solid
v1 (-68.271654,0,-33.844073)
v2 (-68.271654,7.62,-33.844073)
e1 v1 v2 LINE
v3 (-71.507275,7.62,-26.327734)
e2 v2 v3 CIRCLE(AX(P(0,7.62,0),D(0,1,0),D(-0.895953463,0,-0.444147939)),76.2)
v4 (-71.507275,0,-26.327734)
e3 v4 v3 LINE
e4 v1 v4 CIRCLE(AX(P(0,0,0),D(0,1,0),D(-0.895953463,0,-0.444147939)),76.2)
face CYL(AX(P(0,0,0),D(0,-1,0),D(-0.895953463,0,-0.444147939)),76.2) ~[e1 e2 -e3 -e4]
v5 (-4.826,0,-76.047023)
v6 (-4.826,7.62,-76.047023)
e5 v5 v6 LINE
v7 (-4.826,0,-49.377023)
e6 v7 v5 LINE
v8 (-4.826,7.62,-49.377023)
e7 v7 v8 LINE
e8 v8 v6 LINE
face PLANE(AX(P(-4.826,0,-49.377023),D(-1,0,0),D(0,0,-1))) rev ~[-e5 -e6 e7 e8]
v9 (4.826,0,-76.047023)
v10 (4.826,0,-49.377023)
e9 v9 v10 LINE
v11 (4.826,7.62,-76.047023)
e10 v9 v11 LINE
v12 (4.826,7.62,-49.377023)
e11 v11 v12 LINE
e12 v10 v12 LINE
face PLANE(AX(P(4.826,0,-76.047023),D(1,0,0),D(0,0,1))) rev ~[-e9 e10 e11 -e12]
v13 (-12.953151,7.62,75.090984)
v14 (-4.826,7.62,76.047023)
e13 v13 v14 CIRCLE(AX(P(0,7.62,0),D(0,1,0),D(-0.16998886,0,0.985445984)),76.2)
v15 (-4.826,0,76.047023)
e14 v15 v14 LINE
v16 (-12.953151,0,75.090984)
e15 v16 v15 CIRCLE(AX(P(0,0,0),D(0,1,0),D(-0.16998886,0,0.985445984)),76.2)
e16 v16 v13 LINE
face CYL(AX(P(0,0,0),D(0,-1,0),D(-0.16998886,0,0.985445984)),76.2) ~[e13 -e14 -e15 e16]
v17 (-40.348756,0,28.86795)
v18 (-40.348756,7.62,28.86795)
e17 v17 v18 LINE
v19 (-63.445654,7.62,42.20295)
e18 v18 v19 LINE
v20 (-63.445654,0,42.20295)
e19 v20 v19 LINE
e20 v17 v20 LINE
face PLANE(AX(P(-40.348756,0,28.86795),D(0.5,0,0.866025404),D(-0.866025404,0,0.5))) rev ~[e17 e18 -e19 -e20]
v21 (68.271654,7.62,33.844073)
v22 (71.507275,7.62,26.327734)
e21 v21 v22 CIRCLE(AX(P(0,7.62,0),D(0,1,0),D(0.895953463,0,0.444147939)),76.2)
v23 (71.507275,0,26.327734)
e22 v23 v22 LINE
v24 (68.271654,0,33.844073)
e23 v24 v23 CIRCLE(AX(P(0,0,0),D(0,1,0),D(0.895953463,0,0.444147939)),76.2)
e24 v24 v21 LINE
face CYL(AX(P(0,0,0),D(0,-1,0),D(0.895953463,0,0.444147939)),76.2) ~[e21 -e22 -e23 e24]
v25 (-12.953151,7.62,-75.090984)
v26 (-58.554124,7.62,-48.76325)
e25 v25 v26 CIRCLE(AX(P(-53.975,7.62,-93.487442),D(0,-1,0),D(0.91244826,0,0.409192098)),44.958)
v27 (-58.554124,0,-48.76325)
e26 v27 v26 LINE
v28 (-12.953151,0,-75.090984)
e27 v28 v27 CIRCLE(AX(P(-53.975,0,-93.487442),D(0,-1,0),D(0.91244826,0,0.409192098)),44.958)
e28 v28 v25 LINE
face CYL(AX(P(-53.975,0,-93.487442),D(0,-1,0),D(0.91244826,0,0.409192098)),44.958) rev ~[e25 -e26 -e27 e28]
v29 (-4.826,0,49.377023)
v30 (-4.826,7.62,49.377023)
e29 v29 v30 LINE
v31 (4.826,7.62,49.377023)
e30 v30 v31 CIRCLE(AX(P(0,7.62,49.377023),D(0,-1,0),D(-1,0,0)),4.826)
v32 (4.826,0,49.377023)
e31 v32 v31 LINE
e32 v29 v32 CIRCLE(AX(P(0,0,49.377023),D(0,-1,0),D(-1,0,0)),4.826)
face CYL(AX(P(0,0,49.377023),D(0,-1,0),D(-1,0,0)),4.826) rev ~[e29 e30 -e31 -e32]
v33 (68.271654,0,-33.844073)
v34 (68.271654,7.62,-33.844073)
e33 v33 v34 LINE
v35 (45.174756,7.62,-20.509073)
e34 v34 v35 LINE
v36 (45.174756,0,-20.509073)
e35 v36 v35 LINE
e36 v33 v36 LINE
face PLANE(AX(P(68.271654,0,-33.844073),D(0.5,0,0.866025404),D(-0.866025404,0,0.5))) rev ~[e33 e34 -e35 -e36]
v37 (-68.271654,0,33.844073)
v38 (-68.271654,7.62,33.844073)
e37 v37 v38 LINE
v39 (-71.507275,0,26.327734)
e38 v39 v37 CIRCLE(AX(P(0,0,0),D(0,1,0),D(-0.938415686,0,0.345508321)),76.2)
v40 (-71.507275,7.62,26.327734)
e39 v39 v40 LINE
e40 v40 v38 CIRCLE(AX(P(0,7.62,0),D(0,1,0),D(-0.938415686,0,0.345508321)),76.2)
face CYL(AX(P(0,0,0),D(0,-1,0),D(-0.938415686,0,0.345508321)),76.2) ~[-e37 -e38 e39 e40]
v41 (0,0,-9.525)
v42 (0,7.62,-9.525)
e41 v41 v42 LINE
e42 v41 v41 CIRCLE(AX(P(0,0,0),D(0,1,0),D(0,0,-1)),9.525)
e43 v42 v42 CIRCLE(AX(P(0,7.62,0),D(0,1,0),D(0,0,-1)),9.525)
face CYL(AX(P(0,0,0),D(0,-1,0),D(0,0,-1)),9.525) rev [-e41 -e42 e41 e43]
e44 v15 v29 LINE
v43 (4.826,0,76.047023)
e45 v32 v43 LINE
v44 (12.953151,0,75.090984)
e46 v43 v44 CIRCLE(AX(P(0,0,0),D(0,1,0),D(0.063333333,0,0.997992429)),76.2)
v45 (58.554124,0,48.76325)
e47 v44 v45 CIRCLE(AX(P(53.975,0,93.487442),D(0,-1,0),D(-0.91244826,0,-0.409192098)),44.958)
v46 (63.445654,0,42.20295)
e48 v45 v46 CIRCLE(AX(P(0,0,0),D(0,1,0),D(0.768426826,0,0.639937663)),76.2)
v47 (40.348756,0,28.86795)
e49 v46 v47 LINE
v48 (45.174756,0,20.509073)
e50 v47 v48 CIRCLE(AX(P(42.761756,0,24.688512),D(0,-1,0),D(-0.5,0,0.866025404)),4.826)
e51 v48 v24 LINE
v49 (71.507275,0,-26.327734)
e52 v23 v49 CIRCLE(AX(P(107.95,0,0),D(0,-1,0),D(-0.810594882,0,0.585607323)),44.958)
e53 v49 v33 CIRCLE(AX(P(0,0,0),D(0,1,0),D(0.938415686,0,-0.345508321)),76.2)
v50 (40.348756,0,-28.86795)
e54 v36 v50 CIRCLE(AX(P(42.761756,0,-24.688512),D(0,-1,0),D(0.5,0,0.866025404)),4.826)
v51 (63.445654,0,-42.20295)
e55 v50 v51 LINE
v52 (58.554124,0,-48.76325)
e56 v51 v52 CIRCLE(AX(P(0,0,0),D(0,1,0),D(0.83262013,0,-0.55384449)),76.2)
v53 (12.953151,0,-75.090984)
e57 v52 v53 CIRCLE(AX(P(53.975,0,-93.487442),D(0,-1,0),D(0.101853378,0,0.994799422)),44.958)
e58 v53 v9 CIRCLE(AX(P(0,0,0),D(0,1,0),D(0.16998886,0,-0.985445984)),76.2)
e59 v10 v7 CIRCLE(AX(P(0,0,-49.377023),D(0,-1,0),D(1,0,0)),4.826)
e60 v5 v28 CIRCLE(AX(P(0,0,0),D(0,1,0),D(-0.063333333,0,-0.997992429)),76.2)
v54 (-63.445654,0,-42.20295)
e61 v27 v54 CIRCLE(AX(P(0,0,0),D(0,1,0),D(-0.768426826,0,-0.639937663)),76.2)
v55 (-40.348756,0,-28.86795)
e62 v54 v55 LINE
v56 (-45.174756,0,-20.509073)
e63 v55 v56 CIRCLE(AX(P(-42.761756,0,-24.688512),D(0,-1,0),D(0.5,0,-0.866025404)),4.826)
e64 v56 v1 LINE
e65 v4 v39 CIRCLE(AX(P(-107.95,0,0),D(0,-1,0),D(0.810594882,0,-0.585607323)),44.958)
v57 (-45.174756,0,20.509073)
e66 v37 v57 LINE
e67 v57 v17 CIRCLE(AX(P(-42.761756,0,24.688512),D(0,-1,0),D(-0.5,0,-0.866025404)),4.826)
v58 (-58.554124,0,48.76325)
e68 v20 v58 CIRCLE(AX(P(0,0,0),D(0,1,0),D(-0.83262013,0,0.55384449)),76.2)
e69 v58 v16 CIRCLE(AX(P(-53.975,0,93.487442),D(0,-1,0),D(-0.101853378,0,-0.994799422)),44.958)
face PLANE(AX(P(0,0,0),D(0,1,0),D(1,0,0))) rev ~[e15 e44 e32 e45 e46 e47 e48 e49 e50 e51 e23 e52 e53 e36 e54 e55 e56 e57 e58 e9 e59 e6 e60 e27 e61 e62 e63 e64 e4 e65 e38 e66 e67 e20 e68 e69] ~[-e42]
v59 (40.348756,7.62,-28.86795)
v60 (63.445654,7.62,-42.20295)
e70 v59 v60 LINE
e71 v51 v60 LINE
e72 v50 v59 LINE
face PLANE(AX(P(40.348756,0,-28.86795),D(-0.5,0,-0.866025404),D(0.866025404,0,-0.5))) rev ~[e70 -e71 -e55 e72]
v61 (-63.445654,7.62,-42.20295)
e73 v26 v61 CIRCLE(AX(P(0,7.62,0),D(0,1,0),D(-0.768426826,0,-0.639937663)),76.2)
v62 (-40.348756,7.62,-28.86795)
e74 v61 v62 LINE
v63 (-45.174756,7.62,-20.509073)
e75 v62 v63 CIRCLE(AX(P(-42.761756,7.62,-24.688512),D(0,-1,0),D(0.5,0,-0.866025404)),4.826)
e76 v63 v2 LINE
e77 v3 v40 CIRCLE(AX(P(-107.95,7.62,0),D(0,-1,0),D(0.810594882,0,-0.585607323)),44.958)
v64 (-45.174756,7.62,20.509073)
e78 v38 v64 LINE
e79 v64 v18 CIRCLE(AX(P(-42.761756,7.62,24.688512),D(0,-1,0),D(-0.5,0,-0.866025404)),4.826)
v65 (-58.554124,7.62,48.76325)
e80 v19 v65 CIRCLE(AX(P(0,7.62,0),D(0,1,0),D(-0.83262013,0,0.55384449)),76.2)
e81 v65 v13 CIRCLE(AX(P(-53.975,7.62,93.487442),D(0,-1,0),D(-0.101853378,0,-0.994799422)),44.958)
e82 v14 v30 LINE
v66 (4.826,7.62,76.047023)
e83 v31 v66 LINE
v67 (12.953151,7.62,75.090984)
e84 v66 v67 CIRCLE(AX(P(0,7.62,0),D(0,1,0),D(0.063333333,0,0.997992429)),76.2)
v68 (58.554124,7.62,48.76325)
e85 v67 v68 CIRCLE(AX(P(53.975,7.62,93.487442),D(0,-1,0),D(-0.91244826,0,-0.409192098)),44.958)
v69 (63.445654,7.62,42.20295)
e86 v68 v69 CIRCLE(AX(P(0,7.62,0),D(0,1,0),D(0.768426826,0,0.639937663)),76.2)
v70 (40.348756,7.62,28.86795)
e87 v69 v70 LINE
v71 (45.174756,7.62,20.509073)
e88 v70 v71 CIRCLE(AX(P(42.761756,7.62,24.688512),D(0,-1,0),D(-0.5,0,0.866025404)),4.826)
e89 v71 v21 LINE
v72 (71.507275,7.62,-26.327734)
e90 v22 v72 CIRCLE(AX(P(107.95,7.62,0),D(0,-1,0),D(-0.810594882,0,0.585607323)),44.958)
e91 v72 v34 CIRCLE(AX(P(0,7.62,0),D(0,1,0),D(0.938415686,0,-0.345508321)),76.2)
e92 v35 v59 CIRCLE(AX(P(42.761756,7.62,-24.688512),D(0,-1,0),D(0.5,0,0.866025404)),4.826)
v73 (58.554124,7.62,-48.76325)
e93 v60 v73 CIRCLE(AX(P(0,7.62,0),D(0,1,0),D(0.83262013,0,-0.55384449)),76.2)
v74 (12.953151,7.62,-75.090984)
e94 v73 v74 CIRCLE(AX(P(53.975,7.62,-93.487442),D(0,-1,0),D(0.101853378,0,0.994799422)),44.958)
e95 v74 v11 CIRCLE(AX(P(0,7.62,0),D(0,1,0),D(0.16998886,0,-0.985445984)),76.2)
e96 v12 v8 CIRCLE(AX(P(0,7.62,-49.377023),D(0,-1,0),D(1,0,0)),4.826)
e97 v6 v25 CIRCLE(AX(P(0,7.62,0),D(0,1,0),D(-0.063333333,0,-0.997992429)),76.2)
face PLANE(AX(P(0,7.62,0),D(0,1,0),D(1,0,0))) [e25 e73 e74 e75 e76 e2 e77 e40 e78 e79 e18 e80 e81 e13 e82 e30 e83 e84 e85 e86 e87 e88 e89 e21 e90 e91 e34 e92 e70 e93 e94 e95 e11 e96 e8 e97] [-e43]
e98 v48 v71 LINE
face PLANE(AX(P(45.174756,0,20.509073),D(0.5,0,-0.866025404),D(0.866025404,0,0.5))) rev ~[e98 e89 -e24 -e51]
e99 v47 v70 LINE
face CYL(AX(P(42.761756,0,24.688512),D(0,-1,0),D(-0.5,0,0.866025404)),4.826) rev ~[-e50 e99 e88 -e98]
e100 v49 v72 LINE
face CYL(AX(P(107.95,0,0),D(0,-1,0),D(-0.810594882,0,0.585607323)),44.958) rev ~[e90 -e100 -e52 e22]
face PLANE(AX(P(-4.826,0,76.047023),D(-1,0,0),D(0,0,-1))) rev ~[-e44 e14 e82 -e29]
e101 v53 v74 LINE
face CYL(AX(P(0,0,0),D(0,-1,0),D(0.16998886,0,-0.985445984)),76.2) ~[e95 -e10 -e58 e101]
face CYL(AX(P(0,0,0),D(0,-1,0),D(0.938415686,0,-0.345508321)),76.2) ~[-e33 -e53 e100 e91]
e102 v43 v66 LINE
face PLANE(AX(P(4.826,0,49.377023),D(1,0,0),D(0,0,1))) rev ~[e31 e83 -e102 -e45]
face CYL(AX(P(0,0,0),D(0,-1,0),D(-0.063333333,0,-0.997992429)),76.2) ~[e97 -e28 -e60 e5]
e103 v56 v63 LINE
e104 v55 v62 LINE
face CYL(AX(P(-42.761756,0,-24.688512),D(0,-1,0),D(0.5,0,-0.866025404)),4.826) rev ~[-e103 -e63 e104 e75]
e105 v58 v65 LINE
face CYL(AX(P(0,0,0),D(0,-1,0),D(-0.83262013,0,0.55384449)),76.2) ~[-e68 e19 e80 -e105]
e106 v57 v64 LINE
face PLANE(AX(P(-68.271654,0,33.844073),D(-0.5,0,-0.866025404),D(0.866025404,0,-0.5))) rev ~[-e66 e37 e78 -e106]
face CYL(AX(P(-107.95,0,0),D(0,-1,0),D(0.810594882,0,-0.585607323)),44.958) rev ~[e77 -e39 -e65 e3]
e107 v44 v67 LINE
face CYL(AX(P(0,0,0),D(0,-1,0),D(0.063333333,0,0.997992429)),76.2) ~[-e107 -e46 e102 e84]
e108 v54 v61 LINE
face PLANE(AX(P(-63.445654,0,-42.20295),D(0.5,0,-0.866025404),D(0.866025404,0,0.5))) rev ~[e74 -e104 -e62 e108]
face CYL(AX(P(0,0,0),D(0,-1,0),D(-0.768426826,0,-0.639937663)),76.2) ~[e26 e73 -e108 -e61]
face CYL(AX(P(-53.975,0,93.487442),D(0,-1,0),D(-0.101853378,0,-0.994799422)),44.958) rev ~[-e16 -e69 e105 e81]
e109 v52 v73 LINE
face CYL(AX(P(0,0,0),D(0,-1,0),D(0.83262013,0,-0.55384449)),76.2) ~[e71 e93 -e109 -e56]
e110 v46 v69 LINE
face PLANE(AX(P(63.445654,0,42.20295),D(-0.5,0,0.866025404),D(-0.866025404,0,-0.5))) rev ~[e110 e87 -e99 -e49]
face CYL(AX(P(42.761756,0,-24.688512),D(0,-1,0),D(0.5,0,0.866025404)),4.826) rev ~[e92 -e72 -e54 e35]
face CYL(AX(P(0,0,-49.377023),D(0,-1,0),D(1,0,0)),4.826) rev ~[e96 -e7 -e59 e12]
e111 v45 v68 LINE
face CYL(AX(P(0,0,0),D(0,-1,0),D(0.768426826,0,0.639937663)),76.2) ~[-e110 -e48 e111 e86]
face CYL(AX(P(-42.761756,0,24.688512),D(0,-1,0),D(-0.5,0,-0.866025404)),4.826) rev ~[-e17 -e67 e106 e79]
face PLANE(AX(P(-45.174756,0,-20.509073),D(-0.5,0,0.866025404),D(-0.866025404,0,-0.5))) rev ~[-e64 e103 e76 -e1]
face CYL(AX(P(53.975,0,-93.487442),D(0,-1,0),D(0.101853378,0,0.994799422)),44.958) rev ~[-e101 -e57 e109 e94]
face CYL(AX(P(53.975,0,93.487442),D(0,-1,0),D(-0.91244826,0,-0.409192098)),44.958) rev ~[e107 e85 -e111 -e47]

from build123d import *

# Parameters (mm, degrees)
SKETCH1_R           = 9.525
BOSS_EXTRUDE1_DEPTH = 7.62


with BuildPart() as part:
    # Sketch1 → Boss-Extrude1 (new body)
    with BuildSketch(Plane(origin=(0, 0, 0), x_dir=(1, 0, 0), z_dir=(0, 1, 0))):
        with BuildLine():
            Line((-4.826, 49.377023111), (-4.826, 76.047023111))
            ThreePointArc((-4.826, 76.047023111), (-8.902418576, 75.678180102), (-12.953151139, 75.090983983))
            ThreePointArc((-12.953151139, 75.090983983), (-31.496, 54.552672235), (-58.554124155, 48.763249937))
            ThreePointArc((-58.554124155, 48.763249937), (-61.088017192, 45.548810693), (-63.445653896, 42.202950154))
            Line((-63.445653896, 42.202950154), (-40.348756377, 28.867950154))
            ThreePointArc((-40.348756377, 28.867950154), (-38.582317778, 22.275511555), (-45.174756377, 20.509072957))
            Line((-45.174756377, 20.509072957), (-68.271653896, 33.844072957))
            ThreePointArc((-68.271653896, 33.844072957), (-69.990435768, 30.129369409), (-71.507275294, 26.327734046))
            ThreePointArc((-71.507275294, 26.327734046), (-62.992, 0), (-71.507275294, -26.327734046))
            ThreePointArc((-71.507275294, -26.327734046), (-69.990435768, -30.129369409), (-68.271653896, -33.844072957))
            Line((-68.271653896, -33.844072957), (-45.174756377, -20.509072957))
            ThreePointArc((-45.174756377, -20.509072957), (-38.582317778, -22.275511555), (-40.348756377, -28.867950154))
            Line((-40.348756377, -28.867950154), (-63.445653896, -42.202950154))
            ThreePointArc((-63.445653896, -42.202950154), (-61.088017192, -45.548810693), (-58.554124155, -48.763249937))
            ThreePointArc((-58.554124155, -48.763249937), (-31.496, -54.552672235), (-12.953151139, -75.090983983))
            ThreePointArc((-12.953151139, -75.090983983), (-8.902418576, -75.678180102), (-4.826, -76.047023111))
            Line((-4.826, -76.047023111), (-4.826, -49.377023111))
            ThreePointArc((-4.826, -49.377023111), (0, -44.551023111), (4.826, -49.377023111))
            Line((4.826, -49.377023111), (4.826, -76.047023111))
            ThreePointArc((4.826, -76.047023111), (8.902418576, -75.678180102), (12.953151139, -75.090983983))
            ThreePointArc((12.953151139, -75.090983983), (31.496, -54.552672235), (58.554124155, -48.763249937))
            ThreePointArc((58.554124155, -48.763249937), (61.088017192, -45.548810693), (63.445653896, -42.202950154))
            Line((63.445653896, -42.202950154), (40.348756377, -28.867950154))
            ThreePointArc((40.348756377, -28.867950154), (38.582317778, -22.275511555), (45.174756377, -20.509072957))
            Line((45.174756377, -20.509072957), (68.271653896, -33.844072957))
            ThreePointArc((68.271653896, -33.844072957), (69.990435768, -30.129369409), (71.507275294, -26.327734046))
            ThreePointArc((71.507275294, -26.327734046), (62.992, 0), (71.507275294, 26.327734046))
            ThreePointArc((71.507275294, 26.327734046), (69.990435768, 30.129369409), (68.271653896, 33.844072957))
            Line((68.271653896, 33.844072957), (45.174756377, 20.509072957))
            ThreePointArc((45.174756377, 20.509072957), (38.582317778, 22.275511555), (40.348756377, 28.867950154))
            Line((40.348756377, 28.867950154), (63.445653896, 42.202950154))
            ThreePointArc((63.445653896, 42.202950154), (61.088017192, 45.548810693), (58.554124155, 48.763249937))
            ThreePointArc((58.554124155, 48.763249937), (31.496, 54.552672235), (12.953151139, 75.090983983))
            ThreePointArc((12.953151139, 75.090983983), (8.902418576, 75.678180102), (4.826, 76.047023111))
            Line((4.826, 76.047023111), (4.826, 49.377023111))
            ThreePointArc((4.826, 49.377023111), (0, 44.551023111), (-4.826, 49.377023111))
        make_face()
        with Locations(Location((0, 0, 0), (0, 0, 90))):
            Circle(SKETCH1_R, mode=Mode.SUBTRACT)
    extrude(amount=BOSS_EXTRUDE1_DEPTH)


solid = part.part
